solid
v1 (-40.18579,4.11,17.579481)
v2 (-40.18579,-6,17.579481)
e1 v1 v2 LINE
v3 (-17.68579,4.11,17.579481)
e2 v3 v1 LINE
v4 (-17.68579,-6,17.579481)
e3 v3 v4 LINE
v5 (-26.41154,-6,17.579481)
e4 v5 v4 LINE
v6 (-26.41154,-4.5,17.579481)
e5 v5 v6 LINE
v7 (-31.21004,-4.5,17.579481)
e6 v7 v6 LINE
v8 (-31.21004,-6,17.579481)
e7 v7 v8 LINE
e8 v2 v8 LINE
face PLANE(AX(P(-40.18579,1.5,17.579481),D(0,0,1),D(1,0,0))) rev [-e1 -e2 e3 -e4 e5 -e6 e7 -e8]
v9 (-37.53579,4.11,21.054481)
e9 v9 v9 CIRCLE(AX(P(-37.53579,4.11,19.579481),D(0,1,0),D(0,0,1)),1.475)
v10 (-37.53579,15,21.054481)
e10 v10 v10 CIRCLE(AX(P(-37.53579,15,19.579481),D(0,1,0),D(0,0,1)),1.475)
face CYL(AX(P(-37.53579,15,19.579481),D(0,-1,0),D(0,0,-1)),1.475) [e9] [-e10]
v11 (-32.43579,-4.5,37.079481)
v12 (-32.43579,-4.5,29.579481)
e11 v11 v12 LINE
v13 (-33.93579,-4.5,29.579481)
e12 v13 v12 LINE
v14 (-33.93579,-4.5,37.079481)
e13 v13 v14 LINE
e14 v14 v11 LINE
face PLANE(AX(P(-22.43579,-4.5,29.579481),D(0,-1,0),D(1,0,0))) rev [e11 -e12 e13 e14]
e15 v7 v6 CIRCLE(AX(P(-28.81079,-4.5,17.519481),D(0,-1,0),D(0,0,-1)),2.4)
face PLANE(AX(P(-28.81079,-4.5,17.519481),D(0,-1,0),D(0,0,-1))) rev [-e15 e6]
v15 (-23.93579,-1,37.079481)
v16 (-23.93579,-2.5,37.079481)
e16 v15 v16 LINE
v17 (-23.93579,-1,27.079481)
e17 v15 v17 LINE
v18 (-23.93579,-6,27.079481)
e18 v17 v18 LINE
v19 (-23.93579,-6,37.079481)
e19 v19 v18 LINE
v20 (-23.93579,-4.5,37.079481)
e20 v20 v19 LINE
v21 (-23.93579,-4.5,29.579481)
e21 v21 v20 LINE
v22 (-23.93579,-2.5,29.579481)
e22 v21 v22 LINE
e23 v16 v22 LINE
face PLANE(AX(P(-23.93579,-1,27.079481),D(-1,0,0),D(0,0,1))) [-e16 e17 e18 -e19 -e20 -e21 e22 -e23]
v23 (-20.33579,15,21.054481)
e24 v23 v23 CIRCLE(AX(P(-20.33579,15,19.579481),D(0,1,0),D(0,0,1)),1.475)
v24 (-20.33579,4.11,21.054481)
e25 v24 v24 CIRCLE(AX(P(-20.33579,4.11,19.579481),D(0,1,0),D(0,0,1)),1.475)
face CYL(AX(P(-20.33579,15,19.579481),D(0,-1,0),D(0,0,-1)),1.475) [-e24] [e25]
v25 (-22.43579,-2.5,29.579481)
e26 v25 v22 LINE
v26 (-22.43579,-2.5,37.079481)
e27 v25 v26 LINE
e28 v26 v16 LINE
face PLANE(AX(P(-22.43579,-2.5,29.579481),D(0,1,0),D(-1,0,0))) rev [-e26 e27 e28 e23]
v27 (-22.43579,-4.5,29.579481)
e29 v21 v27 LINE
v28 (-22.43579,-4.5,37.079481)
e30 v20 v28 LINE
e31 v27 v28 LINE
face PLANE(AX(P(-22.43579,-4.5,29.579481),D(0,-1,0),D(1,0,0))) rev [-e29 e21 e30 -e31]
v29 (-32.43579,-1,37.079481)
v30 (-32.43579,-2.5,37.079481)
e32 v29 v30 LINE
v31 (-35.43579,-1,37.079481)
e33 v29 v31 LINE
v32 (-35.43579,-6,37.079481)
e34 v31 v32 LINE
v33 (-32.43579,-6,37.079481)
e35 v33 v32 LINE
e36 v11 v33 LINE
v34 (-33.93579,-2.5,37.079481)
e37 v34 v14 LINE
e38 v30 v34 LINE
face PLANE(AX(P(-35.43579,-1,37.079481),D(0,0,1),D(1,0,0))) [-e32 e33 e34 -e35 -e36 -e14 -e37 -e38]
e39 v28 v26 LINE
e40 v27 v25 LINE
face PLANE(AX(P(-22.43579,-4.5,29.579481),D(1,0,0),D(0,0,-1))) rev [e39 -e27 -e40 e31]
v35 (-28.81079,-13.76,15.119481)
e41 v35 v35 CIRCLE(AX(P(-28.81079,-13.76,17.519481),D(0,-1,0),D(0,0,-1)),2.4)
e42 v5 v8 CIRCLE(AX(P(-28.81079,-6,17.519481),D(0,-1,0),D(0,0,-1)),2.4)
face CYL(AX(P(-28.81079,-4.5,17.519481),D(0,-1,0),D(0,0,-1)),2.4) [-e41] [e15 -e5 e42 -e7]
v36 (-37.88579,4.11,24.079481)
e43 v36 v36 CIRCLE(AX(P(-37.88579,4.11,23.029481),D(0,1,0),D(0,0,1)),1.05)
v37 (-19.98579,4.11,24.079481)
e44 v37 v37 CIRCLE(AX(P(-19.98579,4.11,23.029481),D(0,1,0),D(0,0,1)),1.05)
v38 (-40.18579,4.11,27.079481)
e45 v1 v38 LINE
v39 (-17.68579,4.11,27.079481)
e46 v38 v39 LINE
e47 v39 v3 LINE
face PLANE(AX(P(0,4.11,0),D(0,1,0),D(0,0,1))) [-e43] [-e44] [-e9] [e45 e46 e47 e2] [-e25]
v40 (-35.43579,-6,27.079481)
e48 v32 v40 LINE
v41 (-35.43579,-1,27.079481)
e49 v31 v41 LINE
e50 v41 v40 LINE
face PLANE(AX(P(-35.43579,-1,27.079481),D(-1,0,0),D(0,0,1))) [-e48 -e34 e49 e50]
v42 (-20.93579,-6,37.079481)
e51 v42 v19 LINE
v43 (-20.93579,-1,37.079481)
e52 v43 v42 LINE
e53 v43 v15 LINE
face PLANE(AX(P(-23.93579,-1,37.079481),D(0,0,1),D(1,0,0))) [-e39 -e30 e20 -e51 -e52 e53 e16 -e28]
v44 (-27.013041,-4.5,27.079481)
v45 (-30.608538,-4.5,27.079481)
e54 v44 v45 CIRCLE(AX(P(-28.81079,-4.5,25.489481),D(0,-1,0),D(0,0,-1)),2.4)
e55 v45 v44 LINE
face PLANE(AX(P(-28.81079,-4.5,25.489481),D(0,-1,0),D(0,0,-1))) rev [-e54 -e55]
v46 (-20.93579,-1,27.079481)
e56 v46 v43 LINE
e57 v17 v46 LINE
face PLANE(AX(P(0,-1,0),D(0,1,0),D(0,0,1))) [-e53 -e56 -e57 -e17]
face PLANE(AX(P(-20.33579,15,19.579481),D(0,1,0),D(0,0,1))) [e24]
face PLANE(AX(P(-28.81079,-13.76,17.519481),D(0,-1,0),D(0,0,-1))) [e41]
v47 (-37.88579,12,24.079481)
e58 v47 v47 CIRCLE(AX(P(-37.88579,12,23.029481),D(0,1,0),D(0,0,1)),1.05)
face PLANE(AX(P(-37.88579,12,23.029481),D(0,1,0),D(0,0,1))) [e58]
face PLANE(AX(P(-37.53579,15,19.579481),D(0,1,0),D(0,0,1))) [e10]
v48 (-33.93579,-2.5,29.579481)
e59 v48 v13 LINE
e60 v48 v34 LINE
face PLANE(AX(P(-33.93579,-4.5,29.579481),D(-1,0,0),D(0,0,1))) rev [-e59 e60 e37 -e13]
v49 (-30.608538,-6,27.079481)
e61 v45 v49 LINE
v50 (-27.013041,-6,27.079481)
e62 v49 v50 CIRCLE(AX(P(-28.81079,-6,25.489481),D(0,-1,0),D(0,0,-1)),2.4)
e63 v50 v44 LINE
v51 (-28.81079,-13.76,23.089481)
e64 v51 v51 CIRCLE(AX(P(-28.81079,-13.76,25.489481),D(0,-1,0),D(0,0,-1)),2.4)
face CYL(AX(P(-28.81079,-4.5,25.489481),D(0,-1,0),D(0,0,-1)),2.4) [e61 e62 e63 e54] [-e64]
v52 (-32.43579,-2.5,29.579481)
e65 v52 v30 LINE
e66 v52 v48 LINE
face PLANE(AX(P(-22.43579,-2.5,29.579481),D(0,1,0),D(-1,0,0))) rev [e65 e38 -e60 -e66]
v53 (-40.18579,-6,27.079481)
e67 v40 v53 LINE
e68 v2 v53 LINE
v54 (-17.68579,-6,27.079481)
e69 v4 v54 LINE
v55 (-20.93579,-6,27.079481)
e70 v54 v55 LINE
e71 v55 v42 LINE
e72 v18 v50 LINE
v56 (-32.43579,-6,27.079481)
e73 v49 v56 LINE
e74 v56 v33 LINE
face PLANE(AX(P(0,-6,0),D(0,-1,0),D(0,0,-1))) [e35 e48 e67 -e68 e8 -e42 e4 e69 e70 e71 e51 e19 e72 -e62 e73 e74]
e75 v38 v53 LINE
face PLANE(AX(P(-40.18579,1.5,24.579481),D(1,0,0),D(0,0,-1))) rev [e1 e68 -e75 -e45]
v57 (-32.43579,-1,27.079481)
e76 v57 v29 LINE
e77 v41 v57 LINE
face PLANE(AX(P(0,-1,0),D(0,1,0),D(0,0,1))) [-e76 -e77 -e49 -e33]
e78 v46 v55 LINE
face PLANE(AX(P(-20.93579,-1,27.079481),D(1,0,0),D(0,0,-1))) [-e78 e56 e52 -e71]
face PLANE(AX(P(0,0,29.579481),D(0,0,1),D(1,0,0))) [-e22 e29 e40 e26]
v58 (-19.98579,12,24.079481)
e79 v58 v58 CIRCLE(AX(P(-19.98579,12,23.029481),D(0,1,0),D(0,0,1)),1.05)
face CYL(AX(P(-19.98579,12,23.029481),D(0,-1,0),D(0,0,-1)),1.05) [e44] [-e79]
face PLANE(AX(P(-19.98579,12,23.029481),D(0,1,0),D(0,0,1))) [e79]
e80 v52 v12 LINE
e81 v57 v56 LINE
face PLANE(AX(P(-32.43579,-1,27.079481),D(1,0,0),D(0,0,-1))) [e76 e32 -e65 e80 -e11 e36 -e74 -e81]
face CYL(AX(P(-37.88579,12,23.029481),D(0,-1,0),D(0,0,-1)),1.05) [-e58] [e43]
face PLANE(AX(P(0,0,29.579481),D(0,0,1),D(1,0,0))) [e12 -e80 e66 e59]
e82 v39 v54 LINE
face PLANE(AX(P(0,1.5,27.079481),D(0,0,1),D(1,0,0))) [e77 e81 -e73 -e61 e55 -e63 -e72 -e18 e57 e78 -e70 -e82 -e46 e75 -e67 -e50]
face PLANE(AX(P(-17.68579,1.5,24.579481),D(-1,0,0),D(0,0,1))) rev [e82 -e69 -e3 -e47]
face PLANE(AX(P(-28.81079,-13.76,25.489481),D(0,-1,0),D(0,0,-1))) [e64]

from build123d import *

# Parameters (mm, degrees)
SKETCH1_W                = 22.5
SKETCH1_H                = 7
BOSS_EXTRUDE1_DEPTH      = 1.5
SKETCH2_R                = 1.475
BOSS_EXTRUDE2_DEPTH      = 13.5
SKETCH3_R                = 1.05
BOSS_EXTRUDE3_DEPTH      = 10.5
SKETCH4_W                = 22.5
SKETCH4_H                = 2.5
SKETCH4_H_2              = 7
BOSS_EXTRUDE4_DEPTH      = 6
BOSS_EXTRUDE4_DEPTH_BACK = 1.5
SKETCH5_W                = 3
SKETCH5_H                = 10
BOSS_EXTRUDE6_DEPTH      = 5
SKETCH7_W                = 11.5
SKETCH7_H                = 2
CUT_EXTRUDE1_DEPTH       = 7.5
SKETCH8_W                = 22.5
SKETCH8_H                = 9.5
BOSS_EXTRUDE7_DEPTH      = 2.61
SKETCH9_R                = 2.4
BOSS_EXTRUDE8_DEPTH      = 7.76
BOSS_EXTRUDE8_DEPTH_BACK = 1.5


with BuildPart() as part:
    # Sketch1 → Boss-Extrude1 (new body)
    with BuildSketch(Plane(origin=(0, 0, 0), x_dir=(1, 0, 0), z_dir=(0, 1, 0))):
        with Locations((-28.93578967, -21.079480712)):
            Rectangle(SKETCH1_W, SKETCH1_H)
    extrude(amount=BOSS_EXTRUDE1_DEPTH)

    # Sketch2 → Boss-Extrude2 (add)
    with BuildSketch(Plane(origin=(0, 1.5, 0), x_dir=(1, 0, 0), z_dir=(0, 1, 0))):
        with Locations((-37.53578967, -19.579480712)):
            Circle(SKETCH2_R)
        with Locations((-20.33578967, -19.579480712)):
            Circle(SKETCH2_R)
    extrude(amount=BOSS_EXTRUDE2_DEPTH)

    # Sketch3 → Boss-Extrude3 (add)
    with BuildSketch(Plane(origin=(0, 1.5, 0), x_dir=(1, 0, 0), z_dir=(0, 1, 0))):
        with Locations((-37.88578967, -23.029480712)):
            Circle(SKETCH3_R)
        with Locations((-19.98578967, -23.029480712)):
            Circle(SKETCH3_R)
    extrude(amount=BOSS_EXTRUDE3_DEPTH)

    # Sketch4 → Boss-Extrude4 (add, two sides)
    with BuildSketch(Plane(origin=(0, 0, 0), x_dir=(-1, 0, 0), z_dir=(0, -1, 0))) as boss_extrude4_sk:
        with Locations((28.93578967, -25.829480712)):
            Rectangle(SKETCH4_W, SKETCH4_H)
        with Locations((28.93578967, -21.079480712)):
            Rectangle(SKETCH4_W, SKETCH4_H_2)
    extrude(amount=BOSS_EXTRUDE4_DEPTH)
    extrude(boss_extrude4_sk.sketch, amount=-BOSS_EXTRUDE4_DEPTH_BACK)

    # Sketch5 → Boss-Extrude6 (add)
    with BuildSketch(Plane(origin=(0, -6, 0), x_dir=(-1, 0, 0), z_dir=(0, -1, 0))):
        with Locations((33.93578967, -32.079480712)):
            Rectangle(SKETCH5_W, SKETCH5_H)
        with Locations((22.43578967, -32.079480712)):
            Rectangle(SKETCH5_W, SKETCH5_H)
    extrude(amount=-BOSS_EXTRUDE6_DEPTH)

    # Sketch7 → Cut-Extrude1 (cut)
    with BuildSketch(Plane.XY.offset(37.079480712)):
        with Locations((-28.18578967, -3.5)):
            Rectangle(SKETCH7_W, SKETCH7_H)
    extrude(amount=-CUT_EXTRUDE1_DEPTH, mode=Mode.SUBTRACT)

    # Sketch8 → Boss-Extrude7 (add)
    with BuildSketch(Plane(origin=(0, 1.5, 0), x_dir=(1, 0, 0), z_dir=(0, 1, 0))):
        with Locations((-28.93578967, -22.329480712)):
            Rectangle(SKETCH8_W, SKETCH8_H)
    extrude(amount=BOSS_EXTRUDE7_DEPTH)

    # Sketch9 → Boss-Extrude8 (add, two sides)
    with BuildSketch(Plane(origin=(0, -6, 0), x_dir=(-1, 0, 0), z_dir=(0, -1, 0))) as boss_extrude8_sk:
        with Locations((28.81078967, -25.489480712)):
            Circle(SKETCH9_R)
        with Locations((28.81078967, -17.519480712)):
            Circle(SKETCH9_R)
    extrude(amount=BOSS_EXTRUDE8_DEPTH)
    extrude(boss_extrude8_sk.sketch, amount=-BOSS_EXTRUDE8_DEPTH_BACK)


solid = part.part
